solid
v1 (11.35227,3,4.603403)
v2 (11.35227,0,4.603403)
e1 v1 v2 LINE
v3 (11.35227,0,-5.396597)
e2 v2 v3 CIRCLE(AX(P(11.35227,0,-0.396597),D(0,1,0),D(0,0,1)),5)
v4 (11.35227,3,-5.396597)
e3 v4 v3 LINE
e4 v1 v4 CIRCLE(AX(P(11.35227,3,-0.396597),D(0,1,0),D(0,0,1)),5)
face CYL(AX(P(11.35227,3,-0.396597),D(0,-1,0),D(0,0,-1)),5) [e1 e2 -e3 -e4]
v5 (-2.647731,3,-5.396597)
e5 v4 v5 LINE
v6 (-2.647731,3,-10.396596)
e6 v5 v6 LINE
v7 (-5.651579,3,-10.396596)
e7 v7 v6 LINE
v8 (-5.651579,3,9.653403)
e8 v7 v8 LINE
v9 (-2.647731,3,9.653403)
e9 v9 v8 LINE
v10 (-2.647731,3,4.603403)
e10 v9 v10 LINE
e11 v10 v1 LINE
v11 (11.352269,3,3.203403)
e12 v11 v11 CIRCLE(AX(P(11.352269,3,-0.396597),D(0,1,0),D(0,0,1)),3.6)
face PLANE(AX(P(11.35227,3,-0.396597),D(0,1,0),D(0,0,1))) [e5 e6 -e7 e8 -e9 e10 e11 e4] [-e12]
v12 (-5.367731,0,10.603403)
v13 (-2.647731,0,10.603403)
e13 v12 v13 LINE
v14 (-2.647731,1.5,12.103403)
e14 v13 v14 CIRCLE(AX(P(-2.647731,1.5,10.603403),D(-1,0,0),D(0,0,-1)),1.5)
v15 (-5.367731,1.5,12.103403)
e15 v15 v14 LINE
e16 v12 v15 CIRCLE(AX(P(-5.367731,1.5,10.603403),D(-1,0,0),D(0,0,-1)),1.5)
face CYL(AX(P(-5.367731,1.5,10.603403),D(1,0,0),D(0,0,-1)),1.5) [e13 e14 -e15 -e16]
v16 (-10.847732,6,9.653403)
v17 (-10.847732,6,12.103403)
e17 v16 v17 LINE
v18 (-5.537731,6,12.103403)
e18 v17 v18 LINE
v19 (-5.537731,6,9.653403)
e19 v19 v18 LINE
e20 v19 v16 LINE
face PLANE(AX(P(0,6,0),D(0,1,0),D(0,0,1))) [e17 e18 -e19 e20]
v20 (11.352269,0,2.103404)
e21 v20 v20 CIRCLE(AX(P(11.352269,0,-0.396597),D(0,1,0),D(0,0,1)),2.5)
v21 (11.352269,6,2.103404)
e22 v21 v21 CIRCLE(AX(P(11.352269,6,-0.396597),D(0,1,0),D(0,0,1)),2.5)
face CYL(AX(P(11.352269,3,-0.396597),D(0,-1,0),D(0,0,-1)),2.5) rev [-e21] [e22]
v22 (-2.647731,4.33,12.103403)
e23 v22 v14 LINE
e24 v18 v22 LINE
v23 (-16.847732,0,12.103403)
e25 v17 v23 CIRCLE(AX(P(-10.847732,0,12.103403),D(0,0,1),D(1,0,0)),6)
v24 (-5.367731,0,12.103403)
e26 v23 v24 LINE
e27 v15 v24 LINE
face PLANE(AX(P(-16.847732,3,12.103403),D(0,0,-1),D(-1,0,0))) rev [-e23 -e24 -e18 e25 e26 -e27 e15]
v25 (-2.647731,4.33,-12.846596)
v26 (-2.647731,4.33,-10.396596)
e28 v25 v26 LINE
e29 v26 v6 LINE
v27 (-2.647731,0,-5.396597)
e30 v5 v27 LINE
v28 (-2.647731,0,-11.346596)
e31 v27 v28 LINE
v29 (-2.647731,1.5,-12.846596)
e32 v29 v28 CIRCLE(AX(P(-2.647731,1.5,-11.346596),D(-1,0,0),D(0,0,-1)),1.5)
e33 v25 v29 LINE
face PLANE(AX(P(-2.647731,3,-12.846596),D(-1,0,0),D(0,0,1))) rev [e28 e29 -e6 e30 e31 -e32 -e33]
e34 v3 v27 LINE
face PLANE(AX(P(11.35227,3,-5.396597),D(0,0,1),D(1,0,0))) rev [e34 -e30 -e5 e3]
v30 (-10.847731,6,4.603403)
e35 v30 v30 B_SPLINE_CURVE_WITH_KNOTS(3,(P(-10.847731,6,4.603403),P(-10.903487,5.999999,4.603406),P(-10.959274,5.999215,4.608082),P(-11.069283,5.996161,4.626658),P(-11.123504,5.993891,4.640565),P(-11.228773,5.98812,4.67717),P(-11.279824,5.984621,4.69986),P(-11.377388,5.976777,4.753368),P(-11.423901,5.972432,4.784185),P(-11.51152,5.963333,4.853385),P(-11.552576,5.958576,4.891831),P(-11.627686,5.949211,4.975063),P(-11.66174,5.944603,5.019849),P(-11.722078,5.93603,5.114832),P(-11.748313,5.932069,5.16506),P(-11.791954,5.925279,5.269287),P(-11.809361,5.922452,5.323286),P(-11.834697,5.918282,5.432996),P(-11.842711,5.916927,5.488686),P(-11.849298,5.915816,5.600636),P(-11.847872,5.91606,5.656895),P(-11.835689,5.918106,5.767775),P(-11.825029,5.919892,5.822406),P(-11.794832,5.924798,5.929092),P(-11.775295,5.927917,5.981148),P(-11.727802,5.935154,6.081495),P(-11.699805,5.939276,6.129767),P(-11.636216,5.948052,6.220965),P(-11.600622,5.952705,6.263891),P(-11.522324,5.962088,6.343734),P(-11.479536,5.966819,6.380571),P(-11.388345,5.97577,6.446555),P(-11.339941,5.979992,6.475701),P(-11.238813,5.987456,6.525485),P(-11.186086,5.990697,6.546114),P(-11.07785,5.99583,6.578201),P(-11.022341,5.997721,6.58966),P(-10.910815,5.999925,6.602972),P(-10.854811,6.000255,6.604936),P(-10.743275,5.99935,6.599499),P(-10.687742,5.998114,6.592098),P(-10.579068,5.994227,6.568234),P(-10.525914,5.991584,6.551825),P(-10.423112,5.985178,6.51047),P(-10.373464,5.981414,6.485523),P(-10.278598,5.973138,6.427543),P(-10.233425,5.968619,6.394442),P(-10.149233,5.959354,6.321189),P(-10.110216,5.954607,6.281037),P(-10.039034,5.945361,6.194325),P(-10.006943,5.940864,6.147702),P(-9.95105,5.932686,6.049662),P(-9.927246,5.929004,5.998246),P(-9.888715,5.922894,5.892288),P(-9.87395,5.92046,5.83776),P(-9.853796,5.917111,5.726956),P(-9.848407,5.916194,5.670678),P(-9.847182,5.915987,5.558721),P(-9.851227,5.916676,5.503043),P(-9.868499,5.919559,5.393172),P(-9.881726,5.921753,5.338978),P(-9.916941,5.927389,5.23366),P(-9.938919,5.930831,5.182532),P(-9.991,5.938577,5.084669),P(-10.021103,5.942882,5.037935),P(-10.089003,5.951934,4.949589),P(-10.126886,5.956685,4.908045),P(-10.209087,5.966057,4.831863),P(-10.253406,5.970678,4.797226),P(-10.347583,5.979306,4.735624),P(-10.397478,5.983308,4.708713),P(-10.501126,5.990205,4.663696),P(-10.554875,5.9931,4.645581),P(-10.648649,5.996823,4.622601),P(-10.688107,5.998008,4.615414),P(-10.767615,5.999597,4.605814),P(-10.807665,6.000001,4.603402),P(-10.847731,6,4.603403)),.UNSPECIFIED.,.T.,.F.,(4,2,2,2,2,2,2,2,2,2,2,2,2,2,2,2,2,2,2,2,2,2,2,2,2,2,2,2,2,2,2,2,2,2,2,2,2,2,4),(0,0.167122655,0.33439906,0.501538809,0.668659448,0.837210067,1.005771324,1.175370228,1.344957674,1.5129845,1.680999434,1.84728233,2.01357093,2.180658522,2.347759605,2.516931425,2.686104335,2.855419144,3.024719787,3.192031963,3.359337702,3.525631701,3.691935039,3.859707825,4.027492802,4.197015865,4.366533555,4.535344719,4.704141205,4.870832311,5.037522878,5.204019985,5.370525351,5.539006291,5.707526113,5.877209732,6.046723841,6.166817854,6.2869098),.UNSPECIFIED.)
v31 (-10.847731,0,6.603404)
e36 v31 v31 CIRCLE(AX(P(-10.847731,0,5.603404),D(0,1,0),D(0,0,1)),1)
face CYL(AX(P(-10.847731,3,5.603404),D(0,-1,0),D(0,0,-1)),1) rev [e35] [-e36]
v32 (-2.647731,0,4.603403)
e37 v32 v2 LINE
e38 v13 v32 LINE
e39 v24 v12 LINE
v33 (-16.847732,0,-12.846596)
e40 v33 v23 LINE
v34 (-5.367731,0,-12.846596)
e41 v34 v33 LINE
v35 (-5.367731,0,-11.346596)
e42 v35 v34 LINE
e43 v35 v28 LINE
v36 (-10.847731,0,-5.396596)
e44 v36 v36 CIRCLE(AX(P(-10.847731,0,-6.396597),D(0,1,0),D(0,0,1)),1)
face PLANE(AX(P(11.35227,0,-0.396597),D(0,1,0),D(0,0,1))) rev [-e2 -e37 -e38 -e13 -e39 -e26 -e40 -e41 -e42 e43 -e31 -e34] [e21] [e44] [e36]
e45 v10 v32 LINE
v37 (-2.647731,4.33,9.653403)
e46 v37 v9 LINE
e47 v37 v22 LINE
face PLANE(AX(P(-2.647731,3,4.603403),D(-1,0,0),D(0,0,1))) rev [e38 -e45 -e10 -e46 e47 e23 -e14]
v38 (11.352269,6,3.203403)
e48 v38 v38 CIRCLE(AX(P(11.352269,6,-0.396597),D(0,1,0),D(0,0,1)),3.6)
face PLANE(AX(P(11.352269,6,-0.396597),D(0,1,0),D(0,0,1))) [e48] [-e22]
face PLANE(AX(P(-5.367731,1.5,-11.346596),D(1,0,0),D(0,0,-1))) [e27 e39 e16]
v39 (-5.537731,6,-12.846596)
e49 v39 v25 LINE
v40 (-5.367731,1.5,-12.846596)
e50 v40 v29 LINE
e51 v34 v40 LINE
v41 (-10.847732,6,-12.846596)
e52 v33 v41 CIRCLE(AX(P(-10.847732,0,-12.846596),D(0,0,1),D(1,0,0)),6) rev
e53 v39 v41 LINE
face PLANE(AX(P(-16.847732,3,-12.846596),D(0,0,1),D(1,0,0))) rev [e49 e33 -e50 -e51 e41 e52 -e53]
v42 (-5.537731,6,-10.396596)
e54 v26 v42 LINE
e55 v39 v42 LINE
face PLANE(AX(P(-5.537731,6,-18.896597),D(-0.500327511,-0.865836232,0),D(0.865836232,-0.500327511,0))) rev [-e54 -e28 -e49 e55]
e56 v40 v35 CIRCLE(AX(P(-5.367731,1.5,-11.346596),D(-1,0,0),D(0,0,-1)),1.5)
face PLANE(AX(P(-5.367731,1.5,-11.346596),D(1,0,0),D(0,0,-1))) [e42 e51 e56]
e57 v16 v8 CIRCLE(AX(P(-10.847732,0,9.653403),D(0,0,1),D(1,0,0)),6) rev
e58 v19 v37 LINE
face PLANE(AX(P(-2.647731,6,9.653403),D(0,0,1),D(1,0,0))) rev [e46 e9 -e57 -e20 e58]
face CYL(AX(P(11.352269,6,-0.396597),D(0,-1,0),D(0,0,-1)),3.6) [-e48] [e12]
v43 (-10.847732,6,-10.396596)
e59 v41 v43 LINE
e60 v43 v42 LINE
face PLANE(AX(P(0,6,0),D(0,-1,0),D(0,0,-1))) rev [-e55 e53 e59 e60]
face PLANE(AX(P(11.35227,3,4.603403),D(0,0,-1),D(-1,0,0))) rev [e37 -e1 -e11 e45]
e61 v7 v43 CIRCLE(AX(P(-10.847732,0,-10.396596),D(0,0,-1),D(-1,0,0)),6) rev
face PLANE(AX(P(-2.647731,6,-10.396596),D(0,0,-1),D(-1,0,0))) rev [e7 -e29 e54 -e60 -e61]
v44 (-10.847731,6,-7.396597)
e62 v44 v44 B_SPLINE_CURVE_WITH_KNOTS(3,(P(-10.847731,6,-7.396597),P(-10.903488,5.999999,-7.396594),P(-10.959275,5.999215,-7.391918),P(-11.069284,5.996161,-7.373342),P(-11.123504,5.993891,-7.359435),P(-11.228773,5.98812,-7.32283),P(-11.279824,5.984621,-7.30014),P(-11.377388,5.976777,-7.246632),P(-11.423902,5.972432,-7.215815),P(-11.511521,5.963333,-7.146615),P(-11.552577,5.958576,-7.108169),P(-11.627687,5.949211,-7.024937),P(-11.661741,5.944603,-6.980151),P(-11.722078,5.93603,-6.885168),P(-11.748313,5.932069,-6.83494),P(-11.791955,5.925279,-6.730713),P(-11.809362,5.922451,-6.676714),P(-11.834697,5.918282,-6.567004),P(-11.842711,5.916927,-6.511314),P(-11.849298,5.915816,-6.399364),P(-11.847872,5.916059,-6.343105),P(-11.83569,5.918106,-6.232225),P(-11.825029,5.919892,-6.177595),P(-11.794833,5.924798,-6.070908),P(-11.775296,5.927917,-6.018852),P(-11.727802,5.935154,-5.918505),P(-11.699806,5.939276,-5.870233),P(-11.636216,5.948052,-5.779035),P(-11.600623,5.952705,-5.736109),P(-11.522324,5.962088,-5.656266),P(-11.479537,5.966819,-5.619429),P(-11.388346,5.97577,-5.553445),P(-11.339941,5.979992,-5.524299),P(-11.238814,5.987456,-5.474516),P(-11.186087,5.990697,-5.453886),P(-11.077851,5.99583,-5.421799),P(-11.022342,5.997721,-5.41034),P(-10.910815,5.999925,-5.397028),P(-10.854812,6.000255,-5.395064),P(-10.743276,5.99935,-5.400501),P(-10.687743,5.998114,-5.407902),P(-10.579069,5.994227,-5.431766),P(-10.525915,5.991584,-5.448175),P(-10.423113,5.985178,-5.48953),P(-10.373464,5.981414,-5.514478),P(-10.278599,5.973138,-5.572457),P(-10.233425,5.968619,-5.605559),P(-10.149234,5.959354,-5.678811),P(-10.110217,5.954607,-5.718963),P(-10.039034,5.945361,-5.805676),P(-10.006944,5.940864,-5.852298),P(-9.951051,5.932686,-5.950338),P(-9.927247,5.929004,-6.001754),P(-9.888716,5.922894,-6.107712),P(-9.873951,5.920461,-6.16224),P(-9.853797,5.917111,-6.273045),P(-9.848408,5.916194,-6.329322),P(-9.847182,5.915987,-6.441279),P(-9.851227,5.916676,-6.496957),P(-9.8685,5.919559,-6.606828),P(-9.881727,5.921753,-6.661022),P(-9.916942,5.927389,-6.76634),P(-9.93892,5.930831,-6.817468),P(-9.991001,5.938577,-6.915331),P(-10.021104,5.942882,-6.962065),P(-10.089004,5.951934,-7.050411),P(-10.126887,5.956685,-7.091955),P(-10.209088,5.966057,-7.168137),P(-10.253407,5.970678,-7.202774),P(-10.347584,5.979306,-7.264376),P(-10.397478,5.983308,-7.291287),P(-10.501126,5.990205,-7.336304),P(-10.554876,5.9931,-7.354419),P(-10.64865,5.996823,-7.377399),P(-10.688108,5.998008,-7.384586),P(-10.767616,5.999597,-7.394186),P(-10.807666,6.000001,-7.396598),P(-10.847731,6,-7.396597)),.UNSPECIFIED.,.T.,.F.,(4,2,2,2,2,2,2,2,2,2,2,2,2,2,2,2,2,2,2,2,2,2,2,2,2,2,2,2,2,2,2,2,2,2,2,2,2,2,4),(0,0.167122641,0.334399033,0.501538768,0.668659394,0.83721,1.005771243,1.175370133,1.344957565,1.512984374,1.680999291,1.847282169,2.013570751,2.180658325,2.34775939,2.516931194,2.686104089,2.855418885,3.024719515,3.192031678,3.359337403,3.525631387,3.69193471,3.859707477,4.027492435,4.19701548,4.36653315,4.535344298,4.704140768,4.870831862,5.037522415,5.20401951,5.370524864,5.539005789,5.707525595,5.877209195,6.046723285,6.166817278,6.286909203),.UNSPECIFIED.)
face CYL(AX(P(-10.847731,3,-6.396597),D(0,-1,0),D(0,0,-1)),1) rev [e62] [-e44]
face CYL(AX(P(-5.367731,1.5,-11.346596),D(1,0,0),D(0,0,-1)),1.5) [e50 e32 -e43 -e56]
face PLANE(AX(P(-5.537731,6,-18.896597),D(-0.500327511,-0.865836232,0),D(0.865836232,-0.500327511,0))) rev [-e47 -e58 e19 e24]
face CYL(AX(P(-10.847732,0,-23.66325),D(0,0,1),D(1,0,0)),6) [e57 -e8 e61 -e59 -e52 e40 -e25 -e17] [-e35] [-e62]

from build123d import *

# Parameters (mm, degrees)
CROQUIS1_R              = 2.500000266
CROQUIS1_R_2            = 1.000000047
CROQUIS1_R_3            = 1.000000141
SALIENTE_EXTRUIR1_DEPTH = 3
SALIENTE_EXTRUIR2_DEPTH = 24.95
CROQUIS3_W              = 8.200000763
CROQUIS3_H              = 2.45
SALIENTE_EXTRUIR3_DEPTH = 3
CORTAR_EXTRUIR1_DEPTH   = 31
CORTAR_EXTRUIR2_DEPTH   = 2.72
CROQUIS6_R              = 3.6
CROQUIS6_R_2            = 2.500000266
SALIENTE_EXTRUIR4_DEPTH = 3
CORTAR_EXTRUIR3_DEPTH   = 27
CROQUIS8_R              = 1.000000047
CROQUIS8_R_2            = 1.000000141
CORTAR_EXTRUIR4_DEPTH   = 27


with BuildPart() as part:
    # Croquis1 → Saliente-Extruir1 (new body)
    with BuildSketch(Plane(origin=(0, 0, 0), x_dir=(1, 0, 0), z_dir=(0, 1, 0))):
        with BuildLine():
            Line((-16.847731683, 12.84659639), (-2.64773092, 12.84659639))
            Line((-2.64773092, 12.84659639), (-2.64773092, 5.396596581))
            Line((-2.64773092, 5.396596581), (11.352269703, 5.396596581))
            ThreePointArc((11.352269703, 5.396596581), (16.352269703, 0.396596581), (11.352269703, -4.603403419))
            Line((11.352269703, -4.603403419), (-2.64773092, -4.603403419))
            Line((-2.64773092, -4.603403419), (-2.64773092, -12.103403419))
            Line((-2.64773092, -12.103403419), (-16.847731683, -12.103403419))
            Line((-16.847731683, -12.103403419), (-16.847731683, 12.84659639))
        make_face()
        with Locations((11.352269089, 0.39659652)):
            Circle(CROQUIS1_R, mode=Mode.SUBTRACT)
        with Locations((-10.847731494, 6.396596534)):
            Circle(CROQUIS1_R_2, mode=Mode.SUBTRACT)
        with Locations((-10.847730816, -5.603403561)):
            Circle(CROQUIS1_R_3, mode=Mode.SUBTRACT)
    extrude(amount=SALIENTE_EXTRUIR1_DEPTH)

    # Croquis2 → Saliente-Extruir2 (add)
    with BuildSketch(Plane.XY.offset(12.103403419)):
        with BuildLine():
            Line((-16.043884106, 3), (-5.651579261, 3))
            ThreePointArc((-5.651579261, 3), (-10.847731683, 6), (-16.043884106, 3))
        make_face()
    extrude(amount=-SALIENTE_EXTRUIR2_DEPTH)

    # Croquis3 → Saliente-Extruir3 (add)
    with BuildSketch(Plane(origin=(0, 3, 0), x_dir=(1, 0, 0), z_dir=(0, 1, 0))):
        with Locations((-6.747731302, 11.62159639)):
            Rectangle(CROQUIS3_W, CROQUIS3_H)
        with Locations((-6.747731302, -10.878403419)):
            Rectangle(CROQUIS3_W, CROQUIS3_H)
    extrude(amount=SALIENTE_EXTRUIR3_DEPTH)

    # Croquis4 → Cortar-Extruir1 (cut)
    with BuildSketch(Plane.XY.offset(12.103403419)):
        Polygon((-2.64773092, 4.33), (-2.64773092, 6), (-5.53773092, 6), align=None)
    extrude(amount=-CORTAR_EXTRUIR1_DEPTH, mode=Mode.SUBTRACT)

    # Croquis5 → Cortar-Extruir2 (cut)
    with BuildSketch(Plane(origin=(-2.64773092, 0, 0), x_dir=(0, 0, -1), z_dir=(1, 0, 0))):
        with BuildLine():
            Line((12.84659639, 1.5), (14.964292121, 1.5))
            ThreePointArc((14.964292121, 1.5), (0, -14.850313202), (-14.964292121, 1.5))
            Line((-14.964292121, 1.5), (-12.103403419, 1.5))
            ThreePointArc((-12.103403419, 1.5), (-11.664063591, 0.439339828), (-10.603403419, 0))
            Line((-10.603403419, 0), (11.34659639, 0))
            ThreePointArc((11.34659639, 0), (12.407256562, 0.439339828), (12.84659639, 1.5))
        make_face()
    extrude(amount=-CORTAR_EXTRUIR2_DEPTH, mode=Mode.SUBTRACT)

    # Croquis6 → Saliente-Extruir4 (add)
    with BuildSketch(Plane(origin=(0, 3, 0), x_dir=(1, 0, 0), z_dir=(0, 1, 0))):
        with Locations((11.352269089, 0.39659652)):
            Circle(CROQUIS6_R)
        with Locations((11.352269089, 0.39659652)):
            Circle(CROQUIS6_R_2, mode=Mode.SUBTRACT)
    extrude(amount=SALIENTE_EXTRUIR4_DEPTH)

    # Croquis7 → Cortar-Extruir3 (cut)
    with BuildSketch(Plane.XY.offset(12.103403419)):
        with BuildLine():
            Line((-12.758872324, 7.288729336), (-12.369518171, 5.803806155))
            ThreePointArc((-12.369518171, 5.803806155), (-15.59803267, 3.665329526), (-16.847731683, 0))
            Line((-16.847731683, 0), (-18.382851714, 0))
            ThreePointArc((-18.382851714, 0), (-16.813413036, 4.603116322), (-12.758872324, 7.288729336))
        make_face()
    extrude(amount=-CORTAR_EXTRUIR3_DEPTH, mode=Mode.SUBTRACT)

    # Croquis8 → Cortar-Extruir4 (cut)
    with BuildSketch(Plane.XZ):
        with Locations((-10.847731494, -6.396596534)):
            Circle(CROQUIS8_R)
        with Locations((-10.847730816, 5.603403561)):
            Circle(CROQUIS8_R_2)
    extrude(amount=-CORTAR_EXTRUIR4_DEPTH, mode=Mode.SUBTRACT)


solid = part.part
